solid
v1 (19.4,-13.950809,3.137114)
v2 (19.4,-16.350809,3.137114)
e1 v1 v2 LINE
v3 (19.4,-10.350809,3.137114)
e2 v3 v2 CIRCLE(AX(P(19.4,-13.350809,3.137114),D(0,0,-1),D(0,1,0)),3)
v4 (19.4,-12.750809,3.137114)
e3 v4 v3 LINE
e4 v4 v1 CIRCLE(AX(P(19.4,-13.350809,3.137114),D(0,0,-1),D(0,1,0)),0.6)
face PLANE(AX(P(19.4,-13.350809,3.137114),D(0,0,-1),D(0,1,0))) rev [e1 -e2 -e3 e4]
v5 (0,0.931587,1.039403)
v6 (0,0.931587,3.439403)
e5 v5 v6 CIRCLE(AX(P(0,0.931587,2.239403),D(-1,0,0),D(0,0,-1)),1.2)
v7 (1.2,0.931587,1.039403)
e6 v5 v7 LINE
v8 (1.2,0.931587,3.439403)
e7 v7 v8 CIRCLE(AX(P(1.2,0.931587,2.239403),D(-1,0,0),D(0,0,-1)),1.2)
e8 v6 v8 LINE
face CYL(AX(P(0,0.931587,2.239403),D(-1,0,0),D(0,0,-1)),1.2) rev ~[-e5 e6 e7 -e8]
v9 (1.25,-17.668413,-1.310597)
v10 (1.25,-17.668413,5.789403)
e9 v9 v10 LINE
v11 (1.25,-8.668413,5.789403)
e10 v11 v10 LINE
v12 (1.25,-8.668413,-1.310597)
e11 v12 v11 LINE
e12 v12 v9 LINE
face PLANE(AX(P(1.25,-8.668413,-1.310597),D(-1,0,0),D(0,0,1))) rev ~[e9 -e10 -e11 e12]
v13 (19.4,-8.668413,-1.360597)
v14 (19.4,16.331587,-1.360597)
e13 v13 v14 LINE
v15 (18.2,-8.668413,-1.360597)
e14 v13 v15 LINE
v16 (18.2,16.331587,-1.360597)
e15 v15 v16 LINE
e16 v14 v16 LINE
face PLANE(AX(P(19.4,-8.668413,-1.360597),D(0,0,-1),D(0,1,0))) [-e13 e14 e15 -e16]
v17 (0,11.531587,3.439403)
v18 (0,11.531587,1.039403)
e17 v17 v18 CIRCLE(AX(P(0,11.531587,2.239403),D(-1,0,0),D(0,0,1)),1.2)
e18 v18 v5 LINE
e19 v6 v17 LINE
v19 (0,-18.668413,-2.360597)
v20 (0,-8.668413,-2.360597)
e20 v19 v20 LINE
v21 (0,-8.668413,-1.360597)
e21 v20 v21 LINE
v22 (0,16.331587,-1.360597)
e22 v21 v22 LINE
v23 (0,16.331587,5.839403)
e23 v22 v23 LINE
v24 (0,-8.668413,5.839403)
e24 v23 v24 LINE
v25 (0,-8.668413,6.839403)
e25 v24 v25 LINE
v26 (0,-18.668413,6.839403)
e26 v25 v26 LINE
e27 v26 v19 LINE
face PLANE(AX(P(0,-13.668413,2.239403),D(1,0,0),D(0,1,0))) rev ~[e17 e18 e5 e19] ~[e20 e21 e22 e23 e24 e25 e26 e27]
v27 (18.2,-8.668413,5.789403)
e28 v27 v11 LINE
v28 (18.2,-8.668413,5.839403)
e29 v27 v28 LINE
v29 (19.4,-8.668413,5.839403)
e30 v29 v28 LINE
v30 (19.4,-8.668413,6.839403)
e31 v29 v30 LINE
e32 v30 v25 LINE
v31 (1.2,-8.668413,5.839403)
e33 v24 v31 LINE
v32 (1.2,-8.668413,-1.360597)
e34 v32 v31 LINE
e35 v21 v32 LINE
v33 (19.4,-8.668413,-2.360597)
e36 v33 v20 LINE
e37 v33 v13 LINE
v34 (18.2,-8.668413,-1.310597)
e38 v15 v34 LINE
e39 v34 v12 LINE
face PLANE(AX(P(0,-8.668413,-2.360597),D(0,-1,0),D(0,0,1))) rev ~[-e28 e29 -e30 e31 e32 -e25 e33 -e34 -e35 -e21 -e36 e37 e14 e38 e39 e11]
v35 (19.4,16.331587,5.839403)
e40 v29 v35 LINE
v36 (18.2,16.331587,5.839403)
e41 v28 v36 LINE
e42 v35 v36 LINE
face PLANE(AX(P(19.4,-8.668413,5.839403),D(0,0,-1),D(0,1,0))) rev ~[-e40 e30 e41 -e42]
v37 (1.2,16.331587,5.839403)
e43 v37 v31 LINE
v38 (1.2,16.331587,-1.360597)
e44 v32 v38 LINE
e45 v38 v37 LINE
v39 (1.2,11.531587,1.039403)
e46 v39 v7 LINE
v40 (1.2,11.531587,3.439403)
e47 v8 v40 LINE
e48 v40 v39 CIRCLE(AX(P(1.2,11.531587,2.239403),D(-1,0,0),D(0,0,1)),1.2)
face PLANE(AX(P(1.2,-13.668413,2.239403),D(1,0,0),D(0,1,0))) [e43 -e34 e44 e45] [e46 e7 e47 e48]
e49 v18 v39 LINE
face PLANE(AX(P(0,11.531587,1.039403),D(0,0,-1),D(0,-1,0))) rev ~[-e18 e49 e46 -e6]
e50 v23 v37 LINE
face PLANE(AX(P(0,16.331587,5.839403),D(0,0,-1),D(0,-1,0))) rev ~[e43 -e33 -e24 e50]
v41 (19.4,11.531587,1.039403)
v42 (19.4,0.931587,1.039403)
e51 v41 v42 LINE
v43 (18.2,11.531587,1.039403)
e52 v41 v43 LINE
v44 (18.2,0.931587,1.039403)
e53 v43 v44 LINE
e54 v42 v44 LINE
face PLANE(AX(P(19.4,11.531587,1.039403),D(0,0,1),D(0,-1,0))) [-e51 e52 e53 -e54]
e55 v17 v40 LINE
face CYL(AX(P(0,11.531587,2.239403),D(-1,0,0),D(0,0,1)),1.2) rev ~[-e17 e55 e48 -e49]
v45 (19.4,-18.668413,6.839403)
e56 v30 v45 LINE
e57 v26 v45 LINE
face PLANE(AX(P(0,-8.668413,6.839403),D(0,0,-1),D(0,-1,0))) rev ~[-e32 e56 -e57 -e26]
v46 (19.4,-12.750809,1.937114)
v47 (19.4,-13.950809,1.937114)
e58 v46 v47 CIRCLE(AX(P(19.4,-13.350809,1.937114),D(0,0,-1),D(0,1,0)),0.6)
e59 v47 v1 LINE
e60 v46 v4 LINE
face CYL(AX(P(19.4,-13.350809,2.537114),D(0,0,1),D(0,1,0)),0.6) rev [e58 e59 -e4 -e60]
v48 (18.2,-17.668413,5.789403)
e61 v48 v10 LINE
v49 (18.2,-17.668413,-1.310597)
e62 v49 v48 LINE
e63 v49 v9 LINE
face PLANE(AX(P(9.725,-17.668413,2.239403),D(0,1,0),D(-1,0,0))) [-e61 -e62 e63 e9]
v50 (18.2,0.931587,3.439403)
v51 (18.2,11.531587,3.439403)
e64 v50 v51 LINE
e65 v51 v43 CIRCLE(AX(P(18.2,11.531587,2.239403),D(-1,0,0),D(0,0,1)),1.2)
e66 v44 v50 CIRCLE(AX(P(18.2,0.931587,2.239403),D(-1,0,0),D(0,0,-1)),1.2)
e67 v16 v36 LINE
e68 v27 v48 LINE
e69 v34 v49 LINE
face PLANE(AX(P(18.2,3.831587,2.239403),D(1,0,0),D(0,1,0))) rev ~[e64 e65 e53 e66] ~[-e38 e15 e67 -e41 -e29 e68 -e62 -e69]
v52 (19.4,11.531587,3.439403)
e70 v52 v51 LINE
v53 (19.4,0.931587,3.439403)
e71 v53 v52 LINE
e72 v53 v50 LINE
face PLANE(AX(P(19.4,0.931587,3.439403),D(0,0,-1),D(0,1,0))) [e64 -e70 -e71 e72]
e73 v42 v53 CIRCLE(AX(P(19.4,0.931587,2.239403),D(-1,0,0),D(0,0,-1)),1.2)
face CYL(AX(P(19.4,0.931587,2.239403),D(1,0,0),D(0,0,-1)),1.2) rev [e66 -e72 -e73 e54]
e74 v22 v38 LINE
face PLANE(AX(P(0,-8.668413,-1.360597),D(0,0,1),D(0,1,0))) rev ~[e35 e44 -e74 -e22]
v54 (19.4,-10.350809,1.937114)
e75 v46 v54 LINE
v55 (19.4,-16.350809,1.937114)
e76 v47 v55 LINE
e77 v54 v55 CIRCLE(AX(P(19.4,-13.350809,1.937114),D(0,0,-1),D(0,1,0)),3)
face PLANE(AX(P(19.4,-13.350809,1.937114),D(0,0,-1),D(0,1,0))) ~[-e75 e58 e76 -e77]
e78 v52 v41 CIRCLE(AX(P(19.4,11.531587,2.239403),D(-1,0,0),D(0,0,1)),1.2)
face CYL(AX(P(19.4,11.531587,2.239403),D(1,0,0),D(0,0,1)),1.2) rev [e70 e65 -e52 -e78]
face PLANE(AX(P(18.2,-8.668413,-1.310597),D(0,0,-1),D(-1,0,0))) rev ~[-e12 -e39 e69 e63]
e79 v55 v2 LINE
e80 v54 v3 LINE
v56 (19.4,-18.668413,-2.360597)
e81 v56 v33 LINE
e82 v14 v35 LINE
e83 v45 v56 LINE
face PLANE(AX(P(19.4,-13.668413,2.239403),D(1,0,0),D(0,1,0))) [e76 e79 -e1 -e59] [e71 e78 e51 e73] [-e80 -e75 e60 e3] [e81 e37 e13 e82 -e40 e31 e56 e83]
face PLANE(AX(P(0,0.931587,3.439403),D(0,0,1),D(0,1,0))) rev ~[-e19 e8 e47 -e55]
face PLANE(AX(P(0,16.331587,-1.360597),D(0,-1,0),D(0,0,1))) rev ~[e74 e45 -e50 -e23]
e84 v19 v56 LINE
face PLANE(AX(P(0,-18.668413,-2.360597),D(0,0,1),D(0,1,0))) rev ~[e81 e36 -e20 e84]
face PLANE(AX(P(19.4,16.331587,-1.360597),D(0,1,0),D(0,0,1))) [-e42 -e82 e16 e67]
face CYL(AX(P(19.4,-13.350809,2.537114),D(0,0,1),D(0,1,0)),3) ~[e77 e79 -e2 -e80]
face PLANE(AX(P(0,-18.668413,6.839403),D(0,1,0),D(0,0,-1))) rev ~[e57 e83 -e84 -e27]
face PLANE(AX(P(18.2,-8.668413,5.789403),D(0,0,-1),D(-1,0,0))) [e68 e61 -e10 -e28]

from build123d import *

# Parameters (mm, degrees)
F1_DEPTH = 19.4
F2_DEPTH = 1.2
F3_W     = 25
F3_H     = 7.2
F4_DEPTH = 1.2
F5_W     = 16.95
F5_H     = 7.1
F6_DEPTH = 9
F7_W     = 2.4
F7_H     = 1.2
F8_ANGLE = 180


with BuildPart() as f1:
    # F0 (on Right) → F1 (new body)
    with BuildSketch(Plane.YZ):
        Polygon((-8.668413, 6.839403), (-18.668413, 6.839403), (-18.668413, -2.360597), (-8.668413, -2.360597), (-8.668413, -1.360597), (-8.668413, 2.239403), (-8.668413, 5.839403), align=None)
    extrude(amount=F1_DEPTH)

    # F0 (on Right) → F2 (join)
    with BuildSketch(Plane.YZ):
        Polygon((-8.668413, 6.839403), (-18.668413, 6.839403), (-18.668413, -2.360597), (-8.668413, -2.360597), (-8.668413, -1.360597), (-8.668413, 2.239403), (-8.668413, 5.839403), align=None)
        Polygon((16.331587, 5.839403), (-8.668413, 5.839403), (-8.668413, 2.239403), (-8.668413, -1.360597), (16.331587, -1.360597), align=None)
        with BuildLine():
            ThreePointArc((11.531587, 3.439403), (12.731587, 2.239403), (11.531587, 1.039403))
            Line((11.531587, 1.039403), (0.931587, 1.039403))
            ThreePointArc((0.931587, 1.039403), (-0.268413, 2.239403), (0.931587, 3.439403))
            Line((0.931587, 3.439403), (11.531587, 3.439403))
        make_face(mode=Mode.SUBTRACT)
    extrude(amount=F2_DEPTH)

    # F3 (on face) → F4 (join)
    with BuildSketch(Plane.YZ.offset(19.4)):
        with Locations((3.831587, 2.239403)):
            Rectangle(F3_W, F3_H)
        with BuildLine():
            ThreePointArc((11.531587, 3.439403), (12.731587, 2.239403), (11.531587, 1.039403))
            Line((11.531587, 1.039403), (0.931587, 1.039403))
            ThreePointArc((0.931587, 1.039403), (-0.268413, 2.239403), (0.931587, 3.439403))
            Line((0.931587, 3.439403), (11.531587, 3.439403))
        make_face(mode=Mode.SUBTRACT)
    extrude(amount=-F4_DEPTH)

    # F5 (on face) → F6 (cut)
    with BuildSketch(Plane(origin=(0, -8.668413, 0), x_dir=(-1, 0, 0), z_dir=(0, 1, 0))):
        with Locations((-9.725, 2.239403)):
            Rectangle(F5_W, F5_H)
    extrude(amount=-F6_DEPTH, mode=Mode.SUBTRACT)

    # F7 (on face) → F8 (revolve)
    with BuildSketch(Plane.YZ.offset(19.4)):
        with Locations((-11.550809, 2.537114)):
            Rectangle(F7_W, F7_H)
    revolve(axis=Axis((19.4, -13.350809, 2.537114), (0, 0, -1)), revolution_arc=F8_ANGLE)


solid = f1.part
